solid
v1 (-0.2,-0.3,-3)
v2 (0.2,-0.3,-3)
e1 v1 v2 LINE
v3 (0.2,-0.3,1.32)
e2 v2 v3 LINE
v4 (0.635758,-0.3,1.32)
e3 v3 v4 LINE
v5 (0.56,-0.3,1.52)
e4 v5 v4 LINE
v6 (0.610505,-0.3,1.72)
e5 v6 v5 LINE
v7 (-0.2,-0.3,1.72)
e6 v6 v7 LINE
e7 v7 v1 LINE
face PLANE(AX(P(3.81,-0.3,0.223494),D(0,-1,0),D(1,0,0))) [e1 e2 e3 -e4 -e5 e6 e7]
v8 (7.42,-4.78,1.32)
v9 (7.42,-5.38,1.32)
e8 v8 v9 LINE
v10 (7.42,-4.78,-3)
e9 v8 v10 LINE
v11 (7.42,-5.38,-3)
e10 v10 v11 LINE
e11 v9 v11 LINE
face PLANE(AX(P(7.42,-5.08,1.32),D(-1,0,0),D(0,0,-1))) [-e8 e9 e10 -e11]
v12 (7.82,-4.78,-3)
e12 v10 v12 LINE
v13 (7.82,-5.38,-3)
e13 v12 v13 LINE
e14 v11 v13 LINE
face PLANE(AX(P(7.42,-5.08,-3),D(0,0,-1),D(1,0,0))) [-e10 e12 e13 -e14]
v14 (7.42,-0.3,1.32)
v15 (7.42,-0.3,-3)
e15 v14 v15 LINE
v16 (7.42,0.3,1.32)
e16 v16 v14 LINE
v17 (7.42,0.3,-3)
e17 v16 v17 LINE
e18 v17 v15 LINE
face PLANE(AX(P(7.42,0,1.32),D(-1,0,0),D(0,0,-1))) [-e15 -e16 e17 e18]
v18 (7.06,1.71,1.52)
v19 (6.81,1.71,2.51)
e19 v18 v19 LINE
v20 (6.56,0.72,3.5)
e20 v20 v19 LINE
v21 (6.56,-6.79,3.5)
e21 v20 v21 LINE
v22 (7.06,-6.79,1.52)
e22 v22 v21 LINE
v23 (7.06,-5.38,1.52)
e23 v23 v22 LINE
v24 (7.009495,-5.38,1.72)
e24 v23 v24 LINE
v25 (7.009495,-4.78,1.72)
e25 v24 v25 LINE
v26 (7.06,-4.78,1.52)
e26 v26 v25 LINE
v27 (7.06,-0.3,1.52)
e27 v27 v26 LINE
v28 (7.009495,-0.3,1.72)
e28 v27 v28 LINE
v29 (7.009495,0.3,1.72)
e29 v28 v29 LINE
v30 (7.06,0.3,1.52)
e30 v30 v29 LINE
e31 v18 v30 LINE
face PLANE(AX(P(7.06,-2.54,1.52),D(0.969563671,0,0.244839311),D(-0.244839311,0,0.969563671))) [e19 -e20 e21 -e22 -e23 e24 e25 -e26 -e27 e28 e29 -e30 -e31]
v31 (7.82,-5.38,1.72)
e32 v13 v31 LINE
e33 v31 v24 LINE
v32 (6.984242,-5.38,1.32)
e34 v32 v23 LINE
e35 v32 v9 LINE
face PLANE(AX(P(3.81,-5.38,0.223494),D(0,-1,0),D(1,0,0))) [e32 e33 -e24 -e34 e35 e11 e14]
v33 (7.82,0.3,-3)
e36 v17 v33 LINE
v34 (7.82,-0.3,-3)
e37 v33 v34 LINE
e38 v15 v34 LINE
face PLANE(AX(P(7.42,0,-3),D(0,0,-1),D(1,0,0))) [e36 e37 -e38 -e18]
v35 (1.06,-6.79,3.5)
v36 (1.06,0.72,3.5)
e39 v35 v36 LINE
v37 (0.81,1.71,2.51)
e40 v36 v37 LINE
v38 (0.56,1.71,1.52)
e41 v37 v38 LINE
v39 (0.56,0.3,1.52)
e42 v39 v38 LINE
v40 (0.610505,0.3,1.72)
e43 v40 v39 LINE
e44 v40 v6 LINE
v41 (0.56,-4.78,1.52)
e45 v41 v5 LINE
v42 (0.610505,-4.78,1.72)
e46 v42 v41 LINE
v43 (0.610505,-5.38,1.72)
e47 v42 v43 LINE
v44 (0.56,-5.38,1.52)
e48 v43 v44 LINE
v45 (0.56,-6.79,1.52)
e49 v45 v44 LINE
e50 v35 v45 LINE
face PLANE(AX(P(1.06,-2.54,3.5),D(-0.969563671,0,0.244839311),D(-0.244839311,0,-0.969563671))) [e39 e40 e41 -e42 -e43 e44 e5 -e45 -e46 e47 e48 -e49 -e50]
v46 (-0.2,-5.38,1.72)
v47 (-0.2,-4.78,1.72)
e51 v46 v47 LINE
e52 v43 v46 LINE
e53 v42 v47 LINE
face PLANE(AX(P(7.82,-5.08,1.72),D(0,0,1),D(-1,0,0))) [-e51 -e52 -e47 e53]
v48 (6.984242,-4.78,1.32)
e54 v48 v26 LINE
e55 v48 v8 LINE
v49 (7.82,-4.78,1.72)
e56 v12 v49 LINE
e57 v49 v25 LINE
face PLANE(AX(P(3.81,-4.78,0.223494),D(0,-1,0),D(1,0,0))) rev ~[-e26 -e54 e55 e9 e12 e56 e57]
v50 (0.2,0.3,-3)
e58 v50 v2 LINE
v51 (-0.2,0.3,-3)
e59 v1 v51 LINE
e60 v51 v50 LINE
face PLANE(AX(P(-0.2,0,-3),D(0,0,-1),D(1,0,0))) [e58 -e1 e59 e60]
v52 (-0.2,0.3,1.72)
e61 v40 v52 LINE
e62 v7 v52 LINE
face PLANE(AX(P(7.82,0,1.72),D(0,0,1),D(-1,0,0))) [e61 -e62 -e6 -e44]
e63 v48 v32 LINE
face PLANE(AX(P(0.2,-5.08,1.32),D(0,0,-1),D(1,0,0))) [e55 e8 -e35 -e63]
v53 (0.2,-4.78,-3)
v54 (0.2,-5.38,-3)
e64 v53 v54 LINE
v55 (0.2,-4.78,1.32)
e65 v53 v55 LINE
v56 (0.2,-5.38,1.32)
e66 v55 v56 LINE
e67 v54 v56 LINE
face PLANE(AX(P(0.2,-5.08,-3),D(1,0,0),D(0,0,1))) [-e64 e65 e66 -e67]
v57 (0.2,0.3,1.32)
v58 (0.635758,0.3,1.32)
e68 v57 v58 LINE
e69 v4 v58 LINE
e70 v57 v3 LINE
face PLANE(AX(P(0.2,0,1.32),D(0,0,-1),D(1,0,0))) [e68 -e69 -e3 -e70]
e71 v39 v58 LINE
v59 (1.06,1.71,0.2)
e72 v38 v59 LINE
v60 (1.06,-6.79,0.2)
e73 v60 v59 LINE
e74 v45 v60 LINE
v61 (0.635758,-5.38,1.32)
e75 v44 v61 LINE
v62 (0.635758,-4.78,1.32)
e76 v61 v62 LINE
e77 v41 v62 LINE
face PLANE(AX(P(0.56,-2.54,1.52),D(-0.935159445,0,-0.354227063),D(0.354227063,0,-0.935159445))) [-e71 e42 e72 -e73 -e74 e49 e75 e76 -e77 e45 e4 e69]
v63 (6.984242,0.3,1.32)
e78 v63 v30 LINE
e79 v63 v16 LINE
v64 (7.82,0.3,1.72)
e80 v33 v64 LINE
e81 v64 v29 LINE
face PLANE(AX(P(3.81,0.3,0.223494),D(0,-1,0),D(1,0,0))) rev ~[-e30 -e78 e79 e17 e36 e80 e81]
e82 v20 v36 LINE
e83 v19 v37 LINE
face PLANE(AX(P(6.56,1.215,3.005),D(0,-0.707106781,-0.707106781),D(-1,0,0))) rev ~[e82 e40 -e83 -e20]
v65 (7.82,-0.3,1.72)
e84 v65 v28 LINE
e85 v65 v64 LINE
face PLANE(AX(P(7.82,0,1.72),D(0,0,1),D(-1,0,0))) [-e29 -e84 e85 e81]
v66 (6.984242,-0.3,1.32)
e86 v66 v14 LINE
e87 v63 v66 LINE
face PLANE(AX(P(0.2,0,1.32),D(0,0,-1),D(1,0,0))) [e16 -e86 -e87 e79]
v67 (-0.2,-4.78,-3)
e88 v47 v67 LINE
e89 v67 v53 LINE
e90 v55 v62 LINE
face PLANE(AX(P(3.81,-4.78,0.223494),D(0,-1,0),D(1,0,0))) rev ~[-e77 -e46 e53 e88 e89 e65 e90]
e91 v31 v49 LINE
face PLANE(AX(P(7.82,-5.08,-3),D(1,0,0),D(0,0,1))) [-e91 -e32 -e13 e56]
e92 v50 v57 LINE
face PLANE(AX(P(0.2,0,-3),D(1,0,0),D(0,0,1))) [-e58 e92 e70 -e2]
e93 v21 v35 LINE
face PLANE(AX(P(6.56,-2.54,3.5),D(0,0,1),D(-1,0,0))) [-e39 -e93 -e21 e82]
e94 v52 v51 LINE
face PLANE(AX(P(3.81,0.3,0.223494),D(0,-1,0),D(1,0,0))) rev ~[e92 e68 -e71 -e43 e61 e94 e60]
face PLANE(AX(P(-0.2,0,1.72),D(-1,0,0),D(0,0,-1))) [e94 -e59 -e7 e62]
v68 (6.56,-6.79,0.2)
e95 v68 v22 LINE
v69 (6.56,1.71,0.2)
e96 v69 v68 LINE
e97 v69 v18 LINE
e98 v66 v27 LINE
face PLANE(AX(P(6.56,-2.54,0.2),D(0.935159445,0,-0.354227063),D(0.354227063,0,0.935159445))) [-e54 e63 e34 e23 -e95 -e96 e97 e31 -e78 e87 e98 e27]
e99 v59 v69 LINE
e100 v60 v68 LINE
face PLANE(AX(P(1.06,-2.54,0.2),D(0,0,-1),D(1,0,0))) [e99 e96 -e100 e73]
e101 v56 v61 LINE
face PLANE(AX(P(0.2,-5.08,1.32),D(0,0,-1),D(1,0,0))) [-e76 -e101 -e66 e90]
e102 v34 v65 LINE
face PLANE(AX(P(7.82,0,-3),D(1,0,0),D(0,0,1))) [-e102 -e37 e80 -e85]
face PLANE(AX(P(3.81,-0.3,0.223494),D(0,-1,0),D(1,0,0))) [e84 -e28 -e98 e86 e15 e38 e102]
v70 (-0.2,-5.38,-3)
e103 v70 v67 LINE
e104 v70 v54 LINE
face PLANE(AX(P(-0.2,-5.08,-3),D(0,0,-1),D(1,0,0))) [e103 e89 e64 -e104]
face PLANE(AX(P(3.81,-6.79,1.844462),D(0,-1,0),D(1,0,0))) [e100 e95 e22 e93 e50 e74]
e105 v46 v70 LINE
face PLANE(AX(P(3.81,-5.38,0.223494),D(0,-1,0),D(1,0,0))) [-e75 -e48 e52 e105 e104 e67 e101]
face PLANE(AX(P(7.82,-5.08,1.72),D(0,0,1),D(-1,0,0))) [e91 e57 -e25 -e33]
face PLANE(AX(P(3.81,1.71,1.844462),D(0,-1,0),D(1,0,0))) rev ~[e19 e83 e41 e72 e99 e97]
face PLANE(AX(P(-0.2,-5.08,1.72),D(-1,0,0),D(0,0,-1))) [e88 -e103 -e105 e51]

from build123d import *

# Parameters (mm, degrees)
PAD002_DEPTH = 0.3
PAD_DEPTH    = 4.25
CHAMFER_SIZE = 0.99
PAD001_DEPTH = 0.3


with BuildPart() as pad002:
    # Sketch002 → Pad002 (new body, symmetric)
    with BuildSketch(Plane.XZ.offset(5.08)):
        Polygon((-0.2, -3), (0.2, -3), (0.2, 1.32), (7.42, 1.32), (7.42, -3), (7.82, -3), (7.82, 1.72), (-0.2, 1.72), align=None)
    extrude(amount=PAD002_DEPTH, both=True)


with BuildPart() as chamfer_body:
    # Sketch → Pad (new body, symmetric)
    with BuildSketch(Plane.XZ.offset(2.54)):
        Polygon((1.06, 0.2), (6.56, 0.2), (7.06, 1.52), (6.56, 3.5), (1.06, 3.5), (0.56, 1.52), align=None)
    extrude(amount=PAD_DEPTH, both=True)

    # Chamfer
    chamfer_edges = [chamfer_body.edges().sort_by_distance(p)[0] for p in [
        (3.81, 1.71, 3.5),
    ]]
    chamfer(chamfer_edges, length=CHAMFER_SIZE)


with BuildPart() as diode_bridge_dip_4_w7_62mm_p5_08mm:
    # Sketch001 → Pad001 (new body, symmetric)
    with BuildSketch(Plane.XZ):
        Polygon((-0.2, -3), (0.2, -3), (0.2, 1.32), (7.42, 1.32), (7.42, -3), (7.82, -3), (7.82, 1.72), (-0.2, 1.72), align=None)
    extrude(amount=PAD001_DEPTH, both=True)

    # Pad001_mp_cp: union Pad002, Chamfer body
    add(pad002.part)
    add(chamfer_body.part)


solid = diode_bridge_dip_4_w7_62mm_p5_08mm.part
